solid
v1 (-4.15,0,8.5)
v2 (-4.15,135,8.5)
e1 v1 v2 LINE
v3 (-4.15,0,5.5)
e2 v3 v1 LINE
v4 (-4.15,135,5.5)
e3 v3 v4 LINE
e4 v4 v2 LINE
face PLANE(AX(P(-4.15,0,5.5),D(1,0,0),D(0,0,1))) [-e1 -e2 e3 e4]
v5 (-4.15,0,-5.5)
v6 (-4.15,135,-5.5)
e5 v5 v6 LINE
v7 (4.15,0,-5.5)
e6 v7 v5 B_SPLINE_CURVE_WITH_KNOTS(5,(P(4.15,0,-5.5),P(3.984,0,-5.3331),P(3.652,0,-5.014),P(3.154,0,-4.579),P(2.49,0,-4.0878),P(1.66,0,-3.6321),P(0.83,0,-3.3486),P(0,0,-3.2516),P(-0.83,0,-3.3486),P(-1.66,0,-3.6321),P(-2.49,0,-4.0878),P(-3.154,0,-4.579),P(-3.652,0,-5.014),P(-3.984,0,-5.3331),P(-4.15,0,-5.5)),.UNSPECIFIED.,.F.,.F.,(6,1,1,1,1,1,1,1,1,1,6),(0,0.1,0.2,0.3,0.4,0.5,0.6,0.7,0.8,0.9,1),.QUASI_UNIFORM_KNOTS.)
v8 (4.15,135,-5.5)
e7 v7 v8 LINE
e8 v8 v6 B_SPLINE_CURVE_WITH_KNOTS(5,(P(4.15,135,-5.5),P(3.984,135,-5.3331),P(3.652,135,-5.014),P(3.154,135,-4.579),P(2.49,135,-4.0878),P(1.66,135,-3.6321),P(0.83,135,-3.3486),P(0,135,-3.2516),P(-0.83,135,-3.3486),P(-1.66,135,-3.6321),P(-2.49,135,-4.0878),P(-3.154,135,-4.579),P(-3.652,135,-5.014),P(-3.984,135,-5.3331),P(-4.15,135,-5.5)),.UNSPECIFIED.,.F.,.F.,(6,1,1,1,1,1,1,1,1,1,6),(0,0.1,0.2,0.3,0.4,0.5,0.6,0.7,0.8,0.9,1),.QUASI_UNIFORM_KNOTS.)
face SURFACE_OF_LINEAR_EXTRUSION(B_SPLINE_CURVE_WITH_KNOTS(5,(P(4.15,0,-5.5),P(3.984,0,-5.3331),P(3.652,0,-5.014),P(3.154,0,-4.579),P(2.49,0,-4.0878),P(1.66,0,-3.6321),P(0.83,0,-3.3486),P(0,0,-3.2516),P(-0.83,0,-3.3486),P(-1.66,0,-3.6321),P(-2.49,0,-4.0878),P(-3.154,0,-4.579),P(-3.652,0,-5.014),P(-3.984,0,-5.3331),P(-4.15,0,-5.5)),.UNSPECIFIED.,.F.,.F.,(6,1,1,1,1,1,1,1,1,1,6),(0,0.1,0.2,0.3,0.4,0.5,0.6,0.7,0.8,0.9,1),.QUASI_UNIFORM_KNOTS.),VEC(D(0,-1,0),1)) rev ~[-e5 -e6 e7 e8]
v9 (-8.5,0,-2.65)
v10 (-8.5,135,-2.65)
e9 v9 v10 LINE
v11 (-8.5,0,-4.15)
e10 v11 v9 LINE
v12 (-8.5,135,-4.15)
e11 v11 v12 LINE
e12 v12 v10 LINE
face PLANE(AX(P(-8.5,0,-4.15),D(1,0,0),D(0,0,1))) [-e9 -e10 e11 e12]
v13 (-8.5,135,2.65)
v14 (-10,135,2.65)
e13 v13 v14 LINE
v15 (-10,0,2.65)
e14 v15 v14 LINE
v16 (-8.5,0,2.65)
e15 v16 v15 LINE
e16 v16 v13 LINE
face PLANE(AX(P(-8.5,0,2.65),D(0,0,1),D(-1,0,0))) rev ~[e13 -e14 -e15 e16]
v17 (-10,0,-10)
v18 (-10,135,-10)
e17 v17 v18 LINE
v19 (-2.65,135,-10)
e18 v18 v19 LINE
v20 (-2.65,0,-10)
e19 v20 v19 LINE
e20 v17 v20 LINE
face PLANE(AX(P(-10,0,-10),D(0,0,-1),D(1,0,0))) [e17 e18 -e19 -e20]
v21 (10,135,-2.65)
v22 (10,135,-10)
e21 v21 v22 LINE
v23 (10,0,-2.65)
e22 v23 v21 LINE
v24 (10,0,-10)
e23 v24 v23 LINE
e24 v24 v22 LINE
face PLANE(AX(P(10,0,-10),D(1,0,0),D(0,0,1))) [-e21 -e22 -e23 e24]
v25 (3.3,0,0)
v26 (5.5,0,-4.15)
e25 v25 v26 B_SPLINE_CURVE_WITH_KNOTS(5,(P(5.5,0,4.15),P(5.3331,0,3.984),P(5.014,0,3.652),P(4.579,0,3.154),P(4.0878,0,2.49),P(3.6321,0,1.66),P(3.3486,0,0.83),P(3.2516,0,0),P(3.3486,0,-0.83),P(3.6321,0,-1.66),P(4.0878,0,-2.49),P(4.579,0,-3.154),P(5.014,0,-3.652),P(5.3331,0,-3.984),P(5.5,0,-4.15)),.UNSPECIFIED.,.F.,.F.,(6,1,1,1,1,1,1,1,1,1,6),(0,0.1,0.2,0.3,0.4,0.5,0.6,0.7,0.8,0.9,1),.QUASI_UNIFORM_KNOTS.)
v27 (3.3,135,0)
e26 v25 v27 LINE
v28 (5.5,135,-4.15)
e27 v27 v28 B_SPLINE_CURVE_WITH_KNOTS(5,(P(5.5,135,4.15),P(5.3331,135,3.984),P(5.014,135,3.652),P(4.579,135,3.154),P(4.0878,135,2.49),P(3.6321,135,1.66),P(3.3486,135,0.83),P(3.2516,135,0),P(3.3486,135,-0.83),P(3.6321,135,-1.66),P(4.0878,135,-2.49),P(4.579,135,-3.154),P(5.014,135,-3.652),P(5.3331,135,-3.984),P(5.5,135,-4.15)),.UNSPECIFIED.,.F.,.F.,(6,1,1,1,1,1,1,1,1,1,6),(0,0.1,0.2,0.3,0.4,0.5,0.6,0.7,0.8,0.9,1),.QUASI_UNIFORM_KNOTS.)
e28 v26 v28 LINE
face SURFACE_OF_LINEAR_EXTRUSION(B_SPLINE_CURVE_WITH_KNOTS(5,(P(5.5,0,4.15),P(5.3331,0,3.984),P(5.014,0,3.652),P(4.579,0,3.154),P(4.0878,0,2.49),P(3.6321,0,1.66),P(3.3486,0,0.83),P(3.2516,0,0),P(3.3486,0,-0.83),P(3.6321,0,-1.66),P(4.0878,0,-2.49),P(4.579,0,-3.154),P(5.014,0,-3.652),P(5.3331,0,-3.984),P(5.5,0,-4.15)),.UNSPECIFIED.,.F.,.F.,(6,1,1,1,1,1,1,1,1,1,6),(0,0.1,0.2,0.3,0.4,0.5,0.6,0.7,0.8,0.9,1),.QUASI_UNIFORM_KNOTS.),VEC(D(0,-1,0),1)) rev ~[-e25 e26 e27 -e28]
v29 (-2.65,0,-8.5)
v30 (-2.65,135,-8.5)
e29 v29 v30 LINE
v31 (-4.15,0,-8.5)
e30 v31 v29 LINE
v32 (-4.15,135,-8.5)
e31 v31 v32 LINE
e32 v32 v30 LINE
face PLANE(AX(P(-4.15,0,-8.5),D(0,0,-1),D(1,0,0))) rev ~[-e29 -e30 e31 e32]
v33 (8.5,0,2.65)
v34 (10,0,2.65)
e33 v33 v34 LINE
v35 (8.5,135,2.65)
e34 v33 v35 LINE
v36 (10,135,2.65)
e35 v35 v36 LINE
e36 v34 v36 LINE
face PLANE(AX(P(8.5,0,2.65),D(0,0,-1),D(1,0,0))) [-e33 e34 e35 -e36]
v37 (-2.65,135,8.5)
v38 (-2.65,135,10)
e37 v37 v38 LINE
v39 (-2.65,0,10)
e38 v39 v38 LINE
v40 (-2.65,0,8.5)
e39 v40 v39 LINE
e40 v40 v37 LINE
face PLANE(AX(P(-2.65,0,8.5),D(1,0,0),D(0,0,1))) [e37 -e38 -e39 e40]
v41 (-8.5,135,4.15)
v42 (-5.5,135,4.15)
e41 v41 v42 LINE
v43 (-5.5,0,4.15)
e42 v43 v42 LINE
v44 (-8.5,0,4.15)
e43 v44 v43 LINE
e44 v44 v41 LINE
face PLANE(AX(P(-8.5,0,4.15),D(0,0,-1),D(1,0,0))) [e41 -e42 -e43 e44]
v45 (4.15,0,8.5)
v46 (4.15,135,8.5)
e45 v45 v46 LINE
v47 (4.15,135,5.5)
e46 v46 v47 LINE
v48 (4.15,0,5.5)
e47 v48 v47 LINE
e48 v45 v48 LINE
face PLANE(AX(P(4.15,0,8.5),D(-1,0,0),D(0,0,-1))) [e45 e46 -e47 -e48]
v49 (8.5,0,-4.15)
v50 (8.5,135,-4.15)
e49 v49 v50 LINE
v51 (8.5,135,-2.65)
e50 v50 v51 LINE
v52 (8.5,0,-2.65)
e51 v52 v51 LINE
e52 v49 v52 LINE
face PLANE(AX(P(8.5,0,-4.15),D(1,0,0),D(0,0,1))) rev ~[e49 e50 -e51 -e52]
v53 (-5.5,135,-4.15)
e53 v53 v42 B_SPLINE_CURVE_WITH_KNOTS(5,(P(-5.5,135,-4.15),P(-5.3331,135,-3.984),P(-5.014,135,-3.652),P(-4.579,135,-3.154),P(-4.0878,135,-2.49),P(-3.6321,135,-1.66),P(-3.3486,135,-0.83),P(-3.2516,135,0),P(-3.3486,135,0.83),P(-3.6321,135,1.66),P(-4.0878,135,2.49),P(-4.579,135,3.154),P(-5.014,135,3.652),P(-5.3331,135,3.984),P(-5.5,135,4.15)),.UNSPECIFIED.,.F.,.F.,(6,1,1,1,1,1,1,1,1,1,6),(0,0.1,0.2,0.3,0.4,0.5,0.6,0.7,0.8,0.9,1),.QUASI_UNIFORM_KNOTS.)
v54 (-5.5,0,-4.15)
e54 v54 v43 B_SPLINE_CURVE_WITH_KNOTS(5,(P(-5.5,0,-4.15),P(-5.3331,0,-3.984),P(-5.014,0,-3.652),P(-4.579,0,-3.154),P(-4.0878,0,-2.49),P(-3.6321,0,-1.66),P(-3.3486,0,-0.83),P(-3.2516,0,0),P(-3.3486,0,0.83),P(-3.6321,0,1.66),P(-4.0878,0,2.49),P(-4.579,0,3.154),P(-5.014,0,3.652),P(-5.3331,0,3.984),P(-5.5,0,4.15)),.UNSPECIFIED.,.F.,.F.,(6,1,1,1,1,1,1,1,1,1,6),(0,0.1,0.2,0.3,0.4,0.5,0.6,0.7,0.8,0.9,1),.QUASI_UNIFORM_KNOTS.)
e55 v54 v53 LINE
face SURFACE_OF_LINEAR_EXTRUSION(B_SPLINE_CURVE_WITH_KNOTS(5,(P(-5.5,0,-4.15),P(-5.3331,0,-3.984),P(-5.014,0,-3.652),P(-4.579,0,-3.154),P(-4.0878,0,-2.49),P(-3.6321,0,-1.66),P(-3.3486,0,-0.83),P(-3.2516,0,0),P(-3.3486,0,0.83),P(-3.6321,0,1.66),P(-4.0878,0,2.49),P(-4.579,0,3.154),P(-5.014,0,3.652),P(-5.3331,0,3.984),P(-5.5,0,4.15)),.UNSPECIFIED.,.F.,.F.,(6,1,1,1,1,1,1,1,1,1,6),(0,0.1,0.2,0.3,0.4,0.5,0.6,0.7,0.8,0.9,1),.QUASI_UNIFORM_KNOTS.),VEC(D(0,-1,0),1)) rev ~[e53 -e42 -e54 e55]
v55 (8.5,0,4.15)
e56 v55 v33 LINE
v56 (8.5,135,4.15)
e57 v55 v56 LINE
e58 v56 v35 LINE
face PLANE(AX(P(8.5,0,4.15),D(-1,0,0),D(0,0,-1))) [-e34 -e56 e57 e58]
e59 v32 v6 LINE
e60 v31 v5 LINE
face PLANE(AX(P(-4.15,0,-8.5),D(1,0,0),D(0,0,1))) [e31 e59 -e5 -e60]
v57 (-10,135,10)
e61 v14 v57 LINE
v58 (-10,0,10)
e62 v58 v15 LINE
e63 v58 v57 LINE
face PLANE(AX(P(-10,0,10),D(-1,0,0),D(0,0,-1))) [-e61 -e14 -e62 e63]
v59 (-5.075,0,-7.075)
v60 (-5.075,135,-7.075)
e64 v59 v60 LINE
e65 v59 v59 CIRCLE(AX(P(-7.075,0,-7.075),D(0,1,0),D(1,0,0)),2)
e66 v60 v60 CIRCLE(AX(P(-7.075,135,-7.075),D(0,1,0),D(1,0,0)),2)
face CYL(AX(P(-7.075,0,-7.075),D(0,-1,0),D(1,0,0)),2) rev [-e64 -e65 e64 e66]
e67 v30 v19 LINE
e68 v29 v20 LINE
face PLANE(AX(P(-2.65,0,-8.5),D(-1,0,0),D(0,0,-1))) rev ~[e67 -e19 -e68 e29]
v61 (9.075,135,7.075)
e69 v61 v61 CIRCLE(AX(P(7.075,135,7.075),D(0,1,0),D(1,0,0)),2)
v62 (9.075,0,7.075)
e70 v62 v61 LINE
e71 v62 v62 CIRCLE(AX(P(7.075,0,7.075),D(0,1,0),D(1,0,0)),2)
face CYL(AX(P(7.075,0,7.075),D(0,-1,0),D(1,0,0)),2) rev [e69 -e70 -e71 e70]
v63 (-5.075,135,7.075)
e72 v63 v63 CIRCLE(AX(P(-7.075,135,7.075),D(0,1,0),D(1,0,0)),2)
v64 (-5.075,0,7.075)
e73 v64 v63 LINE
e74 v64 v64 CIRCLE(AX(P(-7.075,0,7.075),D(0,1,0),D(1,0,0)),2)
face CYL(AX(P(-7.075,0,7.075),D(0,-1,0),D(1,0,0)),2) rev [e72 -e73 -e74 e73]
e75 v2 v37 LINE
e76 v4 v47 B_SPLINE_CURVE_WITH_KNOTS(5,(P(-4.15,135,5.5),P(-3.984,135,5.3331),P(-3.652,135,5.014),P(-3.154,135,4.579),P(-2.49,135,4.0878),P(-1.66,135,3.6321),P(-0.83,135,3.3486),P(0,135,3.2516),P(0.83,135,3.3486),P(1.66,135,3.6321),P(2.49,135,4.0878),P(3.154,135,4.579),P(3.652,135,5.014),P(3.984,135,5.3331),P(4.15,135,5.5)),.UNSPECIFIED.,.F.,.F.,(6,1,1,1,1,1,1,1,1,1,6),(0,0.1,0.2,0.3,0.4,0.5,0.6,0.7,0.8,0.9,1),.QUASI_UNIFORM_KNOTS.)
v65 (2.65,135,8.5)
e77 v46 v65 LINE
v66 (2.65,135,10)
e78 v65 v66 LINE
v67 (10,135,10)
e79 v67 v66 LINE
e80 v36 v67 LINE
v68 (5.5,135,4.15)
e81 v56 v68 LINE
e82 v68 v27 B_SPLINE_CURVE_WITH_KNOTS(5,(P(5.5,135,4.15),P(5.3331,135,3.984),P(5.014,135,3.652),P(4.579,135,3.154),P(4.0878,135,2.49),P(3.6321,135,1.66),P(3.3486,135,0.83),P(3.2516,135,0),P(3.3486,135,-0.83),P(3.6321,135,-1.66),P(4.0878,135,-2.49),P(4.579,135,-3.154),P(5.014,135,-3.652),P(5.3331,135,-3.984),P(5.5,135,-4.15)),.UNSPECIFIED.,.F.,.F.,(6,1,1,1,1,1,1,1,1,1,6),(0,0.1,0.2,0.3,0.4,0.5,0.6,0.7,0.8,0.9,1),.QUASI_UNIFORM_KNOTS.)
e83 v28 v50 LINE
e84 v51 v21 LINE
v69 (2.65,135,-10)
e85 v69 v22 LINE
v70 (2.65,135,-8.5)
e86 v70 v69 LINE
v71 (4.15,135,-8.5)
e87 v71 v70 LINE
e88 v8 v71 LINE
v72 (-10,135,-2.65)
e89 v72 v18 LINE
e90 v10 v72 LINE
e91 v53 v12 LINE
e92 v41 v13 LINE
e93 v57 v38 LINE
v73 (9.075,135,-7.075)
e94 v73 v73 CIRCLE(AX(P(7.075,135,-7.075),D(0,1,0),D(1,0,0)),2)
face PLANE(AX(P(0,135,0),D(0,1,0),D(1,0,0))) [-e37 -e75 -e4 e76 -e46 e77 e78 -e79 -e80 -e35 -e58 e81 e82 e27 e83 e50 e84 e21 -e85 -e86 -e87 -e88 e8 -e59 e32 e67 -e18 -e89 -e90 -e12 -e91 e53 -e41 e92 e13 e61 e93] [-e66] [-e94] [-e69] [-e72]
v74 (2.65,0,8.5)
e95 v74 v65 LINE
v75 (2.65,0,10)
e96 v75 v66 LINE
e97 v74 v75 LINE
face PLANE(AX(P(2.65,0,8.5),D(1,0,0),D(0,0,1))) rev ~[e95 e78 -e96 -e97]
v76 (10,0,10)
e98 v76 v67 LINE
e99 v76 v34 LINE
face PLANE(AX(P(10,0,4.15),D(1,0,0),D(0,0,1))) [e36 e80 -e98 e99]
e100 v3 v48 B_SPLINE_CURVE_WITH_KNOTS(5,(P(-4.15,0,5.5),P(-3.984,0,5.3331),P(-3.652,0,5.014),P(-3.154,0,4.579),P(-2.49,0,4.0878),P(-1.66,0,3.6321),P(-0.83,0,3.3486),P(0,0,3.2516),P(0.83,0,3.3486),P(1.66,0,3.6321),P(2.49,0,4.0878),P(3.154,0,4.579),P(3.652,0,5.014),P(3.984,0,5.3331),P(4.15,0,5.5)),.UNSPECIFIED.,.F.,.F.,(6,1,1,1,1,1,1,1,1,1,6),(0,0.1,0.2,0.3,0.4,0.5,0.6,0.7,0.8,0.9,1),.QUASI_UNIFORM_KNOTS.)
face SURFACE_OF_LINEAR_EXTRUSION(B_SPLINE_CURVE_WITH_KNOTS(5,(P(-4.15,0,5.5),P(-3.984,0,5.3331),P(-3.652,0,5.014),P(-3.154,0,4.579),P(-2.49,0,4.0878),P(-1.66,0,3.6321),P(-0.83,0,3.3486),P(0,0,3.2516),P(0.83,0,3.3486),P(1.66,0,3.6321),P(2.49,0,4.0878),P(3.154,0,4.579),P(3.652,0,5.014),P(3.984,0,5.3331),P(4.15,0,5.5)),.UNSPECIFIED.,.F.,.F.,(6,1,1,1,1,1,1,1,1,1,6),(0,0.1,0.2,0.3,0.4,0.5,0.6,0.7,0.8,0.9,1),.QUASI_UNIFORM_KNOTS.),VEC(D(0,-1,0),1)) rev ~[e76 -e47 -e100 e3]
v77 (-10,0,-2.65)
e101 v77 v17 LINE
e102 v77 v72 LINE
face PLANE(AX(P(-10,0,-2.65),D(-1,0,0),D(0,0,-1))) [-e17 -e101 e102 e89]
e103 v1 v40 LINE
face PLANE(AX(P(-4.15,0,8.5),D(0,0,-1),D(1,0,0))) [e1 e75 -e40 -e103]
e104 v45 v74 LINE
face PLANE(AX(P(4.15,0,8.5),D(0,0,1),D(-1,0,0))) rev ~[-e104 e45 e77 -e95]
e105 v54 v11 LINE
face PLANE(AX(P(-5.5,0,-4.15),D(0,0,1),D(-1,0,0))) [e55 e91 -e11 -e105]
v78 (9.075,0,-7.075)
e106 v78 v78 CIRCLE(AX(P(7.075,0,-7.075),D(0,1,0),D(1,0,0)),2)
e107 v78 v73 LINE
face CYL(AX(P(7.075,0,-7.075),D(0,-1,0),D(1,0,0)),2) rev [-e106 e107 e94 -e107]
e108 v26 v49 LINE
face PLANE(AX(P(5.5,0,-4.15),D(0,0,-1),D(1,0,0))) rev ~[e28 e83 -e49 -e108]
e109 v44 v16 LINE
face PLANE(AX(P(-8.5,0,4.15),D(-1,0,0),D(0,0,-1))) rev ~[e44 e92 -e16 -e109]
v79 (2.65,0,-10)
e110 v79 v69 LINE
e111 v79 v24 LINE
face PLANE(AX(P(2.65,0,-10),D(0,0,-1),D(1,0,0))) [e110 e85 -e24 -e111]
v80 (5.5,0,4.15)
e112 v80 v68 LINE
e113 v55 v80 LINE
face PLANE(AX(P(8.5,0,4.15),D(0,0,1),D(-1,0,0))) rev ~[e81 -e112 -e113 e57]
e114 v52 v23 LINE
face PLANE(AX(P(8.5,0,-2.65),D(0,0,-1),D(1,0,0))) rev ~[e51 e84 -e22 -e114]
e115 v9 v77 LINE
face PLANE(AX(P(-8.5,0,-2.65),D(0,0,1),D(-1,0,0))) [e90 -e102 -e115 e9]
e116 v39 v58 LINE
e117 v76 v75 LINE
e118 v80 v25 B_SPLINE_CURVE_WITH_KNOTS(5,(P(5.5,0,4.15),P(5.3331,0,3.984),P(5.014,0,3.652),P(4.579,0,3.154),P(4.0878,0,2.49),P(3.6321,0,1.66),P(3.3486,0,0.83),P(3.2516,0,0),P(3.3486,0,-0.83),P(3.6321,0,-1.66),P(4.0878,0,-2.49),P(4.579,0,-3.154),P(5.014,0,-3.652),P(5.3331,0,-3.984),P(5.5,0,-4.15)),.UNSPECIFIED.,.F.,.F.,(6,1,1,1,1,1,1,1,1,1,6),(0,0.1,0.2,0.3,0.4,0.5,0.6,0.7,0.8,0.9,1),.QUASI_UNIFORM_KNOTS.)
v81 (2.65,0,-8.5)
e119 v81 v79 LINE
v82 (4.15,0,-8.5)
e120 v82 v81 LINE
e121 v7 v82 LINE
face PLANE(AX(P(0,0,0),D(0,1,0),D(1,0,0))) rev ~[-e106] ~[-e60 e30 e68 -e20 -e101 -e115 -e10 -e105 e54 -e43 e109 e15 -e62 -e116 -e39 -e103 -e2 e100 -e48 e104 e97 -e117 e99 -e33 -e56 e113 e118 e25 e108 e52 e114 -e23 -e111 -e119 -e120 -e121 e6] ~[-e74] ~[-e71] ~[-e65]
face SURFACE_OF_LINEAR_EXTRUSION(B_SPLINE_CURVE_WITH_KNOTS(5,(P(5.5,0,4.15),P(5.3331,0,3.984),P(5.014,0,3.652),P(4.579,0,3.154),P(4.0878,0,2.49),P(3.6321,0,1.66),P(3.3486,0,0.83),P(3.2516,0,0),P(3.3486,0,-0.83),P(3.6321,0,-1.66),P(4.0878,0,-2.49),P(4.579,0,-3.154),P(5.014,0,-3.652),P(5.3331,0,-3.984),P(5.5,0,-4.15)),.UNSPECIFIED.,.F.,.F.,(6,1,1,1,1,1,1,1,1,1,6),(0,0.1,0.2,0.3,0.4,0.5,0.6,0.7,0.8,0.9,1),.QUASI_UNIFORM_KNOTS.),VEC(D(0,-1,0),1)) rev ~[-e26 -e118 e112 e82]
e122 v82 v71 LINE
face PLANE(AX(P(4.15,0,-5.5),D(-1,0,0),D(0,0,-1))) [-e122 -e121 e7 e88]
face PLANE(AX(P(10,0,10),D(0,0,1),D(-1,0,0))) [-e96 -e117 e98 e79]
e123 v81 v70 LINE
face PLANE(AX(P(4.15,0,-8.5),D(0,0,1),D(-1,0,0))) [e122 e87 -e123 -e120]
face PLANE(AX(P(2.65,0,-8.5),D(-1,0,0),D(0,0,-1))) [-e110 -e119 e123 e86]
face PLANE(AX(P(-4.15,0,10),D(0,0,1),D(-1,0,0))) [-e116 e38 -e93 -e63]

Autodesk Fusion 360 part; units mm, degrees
sketch "스케치1" plane through (0, 0, 0) normal (0, 1, 0) x (1, 0, 0)
  line L0 (10, -10) -> (-10, -10)
  line L1 (-10, -10) -> (-10, 10)
  line L2 (-10, 10) -> (10, 10)
  line L3 (10, 10) -> (10, -10)
  line L4 (10, -10) -> (-10, 10) construction
  line L5 (-10, -10) -> (10, 10) construction
  line L6 (10, 0) -> (10, -4.15)
  line L7 (3.3, 0) -> (3.3, 4.15)
  line L8 (3.3, 4.15) -> (10, 4.15)
  line L9 (10, 4.15) -> (10, -4.15)
  line L10 (10, -4.15) -> (3.3, -4.15)
  line L11 (3.3, -4.15) -> (3.3, 4.15)
  line L12 (10, -4.15) -> (8.5, -4.15)
  line L13 (8.5, -4.15) -> (8.5, -2.65)
  line L14 (8.5, -2.65) -> (10, -2.65)
  line L15 (10, -2.65) -> (10, -4.15)
  line L16 (10, 4.15) -> (8.5, 4.15)
  line L17 (8.5, 4.15) -> (8.5, 2.65)
  line L18 (8.5, 2.65) -> (10, 2.65)
  line L19 (10, 2.65) -> (10, 4.15)
  line L20 (8.5, 4.15) -> (5.5, 4.15)
  line L21 (5.5, 4.15) -> (5.5, -4.15)
  line L22 (5.5, -4.15) -> (8.5, -4.15)
  line L23 (8.5, -4.15) -> (8.5, 4.15)
  spline S0 degree 5 poles (5.5, -4.15) (5.3331, -3.984) (5.014, -3.652) (4.579, -3.154) (4.0878, -2.49) (3.6321, -1.66) (3.3486, -0.83) (3.2516, 0) (3.3486, 0.83) (3.6321, 1.66) (4.0878, 2.49) (4.579, 3.154) (5.014, 3.652) (5.3331, 3.984) (5.5, 4.15) knots 0 0 0 0 0 0 0.1 0.2 0.3 0.4 0.5 0.6 0.7 0.8 0.9 1 1 1 1 1 1
  spline S1 degree 5 poles (4.15, 5.5) (3.984, 5.3331) (3.652, 5.014) (3.154, 4.579) (2.49, 4.0878) (1.66, 3.6321) (0.83, 3.3486) (0, 3.2516) (-0.83, 3.3486) (-1.66, 3.6321) (-2.49, 4.0878) (-3.154, 4.579) (-3.652, 5.014) (-3.984, 5.3331) (-4.15, 5.5) knots 0 0 0 0 0 0 0.1 0.2 0.3 0.4 0.5 0.6 0.7 0.8 0.9 1 1 1 1 1 1
  line L24 (4.15, 5.5) -> (4.15, 8.5)
  line L25 (4.15, 8.5) -> (2.65, 8.5)
  line L26 (2.65, 8.5) -> (2.65, 10)
  line L27 (-4.15, 8.5) -> (-4.15, 5.5)
  line L28 (-4.15, 8.5) -> (-2.65, 8.5)
  line L29 (-2.65, 8.5) -> (-2.65, 10)
  spline S2 degree 5 poles (-5.5, 4.15) (-5.3331, 3.984) (-5.014, 3.652) (-4.579, 3.154) (-4.0878, 2.49) (-3.6321, 1.66) (-3.3486, 0.83) (-3.2516, 0) (-3.3486, -0.83) (-3.6321, -1.66) (-4.0878, -2.49) (-4.579, -3.154) (-5.014, -3.652) (-5.3331, -3.984) (-5.5, -4.15) knots 0 0 0 0 0 0 0.1 0.2 0.3 0.4 0.5 0.6 0.7 0.8 0.9 1 1 1 1 1 1
  line L30 (-5.5, 4.15) -> (-8.5, 4.15)
  line L31 (-8.5, 4.15) -> (-8.5, 2.65)
  line L32 (-8.5, 2.65) -> (-10, 2.65)
  line L33 (-8.5, -4.15) -> (-5.5, -4.15)
  line L34 (-8.5, -4.15) -> (-8.5, -2.65)
  line L35 (-8.5, -2.65) -> (-10, -2.65)
  spline S3 degree 5 poles (-4.15, -5.5) (-3.984, -5.3331) (-3.652, -5.014) (-3.154, -4.579) (-2.49, -4.0878) (-1.66, -3.6321) (-0.83, -3.3486) (0, -3.2516) (0.83, -3.3486) (1.66, -3.6321) (2.49, -4.0878) (3.154, -4.579) (3.652, -5.014) (3.984, -5.3331) (4.15, -5.5) knots 0 0 0 0 0 0 0.1 0.2 0.3 0.4 0.5 0.6 0.7 0.8 0.9 1 1 1 1 1 1
  line L36 (-4.15, -5.5) -> (-4.15, -8.5)
  line L37 (-4.15, -8.5) -> (-2.65, -8.5)
  line L38 (-2.65, -8.5) -> (-2.65, -10)
  line L39 (4.15, -8.5) -> (4.15, -5.5)
  line L40 (4.15, -8.5) -> (2.65, -8.5)
  line L41 (2.65, -8.5) -> (2.65, -10)
  line L42 (-10, -10) -> (-4.15, -10)
  line L43 (-4.15, -10) -> (-4.15, -4.15)
  line L44 (-4.15, -4.15) -> (-10, -4.15)
  line L45 (-10, -4.15) -> (-10, -10)
  circle A0 centre (-7.075, -7.075) radius 2
  circle A1 centre (7.075, -7.075) radius 2
  circle A2 centre (7.075, 7.075) radius 2
  circle A3 centre (-7.075, 7.075) radius 2
  point P0 (0, 3.3)
  point P1 (-3.3, 0)
  point P2 (0, -3.3)
  dimension "d1" = 20
  dimension "d2" = 20
  dimension "d3" = 6.7
  dimension "d4" = 4.15
  dimension "d5" = 4.15
  dimension "d6" = 1.5
  dimension "d7" = 1.5
  dimension "d8" = 1.5
  dimension "d9" = 1.5
  dimension "d10" = 3
  dimension "d12" = 360
  dimension "d13" = 5.85
  dimension "d14" = 4
  dimension "d16" = 360
extrude "돌출1" add sketch "스케치1" along normal blind 135 contours L0 L1 L2 L3 L7 L8 L10 L11 L12 L16 L20 L22 S1 L24 L25 L26 L27 L28 L29 S2 L30 L31 L32 S3 L39 L40 L41 L43 L44 | L3 L6 L9 L10 L12 L13 L14 L15 L23 | L0 L37 L38 L43 | L0 L1 L33 L36 L42 L43 L44 L45 | L10 L11 S0 | L3 L8 L9 L16 L17 L18 L19 L23 | L7 L8 L11 S0 | L1 L34 L35 L44
